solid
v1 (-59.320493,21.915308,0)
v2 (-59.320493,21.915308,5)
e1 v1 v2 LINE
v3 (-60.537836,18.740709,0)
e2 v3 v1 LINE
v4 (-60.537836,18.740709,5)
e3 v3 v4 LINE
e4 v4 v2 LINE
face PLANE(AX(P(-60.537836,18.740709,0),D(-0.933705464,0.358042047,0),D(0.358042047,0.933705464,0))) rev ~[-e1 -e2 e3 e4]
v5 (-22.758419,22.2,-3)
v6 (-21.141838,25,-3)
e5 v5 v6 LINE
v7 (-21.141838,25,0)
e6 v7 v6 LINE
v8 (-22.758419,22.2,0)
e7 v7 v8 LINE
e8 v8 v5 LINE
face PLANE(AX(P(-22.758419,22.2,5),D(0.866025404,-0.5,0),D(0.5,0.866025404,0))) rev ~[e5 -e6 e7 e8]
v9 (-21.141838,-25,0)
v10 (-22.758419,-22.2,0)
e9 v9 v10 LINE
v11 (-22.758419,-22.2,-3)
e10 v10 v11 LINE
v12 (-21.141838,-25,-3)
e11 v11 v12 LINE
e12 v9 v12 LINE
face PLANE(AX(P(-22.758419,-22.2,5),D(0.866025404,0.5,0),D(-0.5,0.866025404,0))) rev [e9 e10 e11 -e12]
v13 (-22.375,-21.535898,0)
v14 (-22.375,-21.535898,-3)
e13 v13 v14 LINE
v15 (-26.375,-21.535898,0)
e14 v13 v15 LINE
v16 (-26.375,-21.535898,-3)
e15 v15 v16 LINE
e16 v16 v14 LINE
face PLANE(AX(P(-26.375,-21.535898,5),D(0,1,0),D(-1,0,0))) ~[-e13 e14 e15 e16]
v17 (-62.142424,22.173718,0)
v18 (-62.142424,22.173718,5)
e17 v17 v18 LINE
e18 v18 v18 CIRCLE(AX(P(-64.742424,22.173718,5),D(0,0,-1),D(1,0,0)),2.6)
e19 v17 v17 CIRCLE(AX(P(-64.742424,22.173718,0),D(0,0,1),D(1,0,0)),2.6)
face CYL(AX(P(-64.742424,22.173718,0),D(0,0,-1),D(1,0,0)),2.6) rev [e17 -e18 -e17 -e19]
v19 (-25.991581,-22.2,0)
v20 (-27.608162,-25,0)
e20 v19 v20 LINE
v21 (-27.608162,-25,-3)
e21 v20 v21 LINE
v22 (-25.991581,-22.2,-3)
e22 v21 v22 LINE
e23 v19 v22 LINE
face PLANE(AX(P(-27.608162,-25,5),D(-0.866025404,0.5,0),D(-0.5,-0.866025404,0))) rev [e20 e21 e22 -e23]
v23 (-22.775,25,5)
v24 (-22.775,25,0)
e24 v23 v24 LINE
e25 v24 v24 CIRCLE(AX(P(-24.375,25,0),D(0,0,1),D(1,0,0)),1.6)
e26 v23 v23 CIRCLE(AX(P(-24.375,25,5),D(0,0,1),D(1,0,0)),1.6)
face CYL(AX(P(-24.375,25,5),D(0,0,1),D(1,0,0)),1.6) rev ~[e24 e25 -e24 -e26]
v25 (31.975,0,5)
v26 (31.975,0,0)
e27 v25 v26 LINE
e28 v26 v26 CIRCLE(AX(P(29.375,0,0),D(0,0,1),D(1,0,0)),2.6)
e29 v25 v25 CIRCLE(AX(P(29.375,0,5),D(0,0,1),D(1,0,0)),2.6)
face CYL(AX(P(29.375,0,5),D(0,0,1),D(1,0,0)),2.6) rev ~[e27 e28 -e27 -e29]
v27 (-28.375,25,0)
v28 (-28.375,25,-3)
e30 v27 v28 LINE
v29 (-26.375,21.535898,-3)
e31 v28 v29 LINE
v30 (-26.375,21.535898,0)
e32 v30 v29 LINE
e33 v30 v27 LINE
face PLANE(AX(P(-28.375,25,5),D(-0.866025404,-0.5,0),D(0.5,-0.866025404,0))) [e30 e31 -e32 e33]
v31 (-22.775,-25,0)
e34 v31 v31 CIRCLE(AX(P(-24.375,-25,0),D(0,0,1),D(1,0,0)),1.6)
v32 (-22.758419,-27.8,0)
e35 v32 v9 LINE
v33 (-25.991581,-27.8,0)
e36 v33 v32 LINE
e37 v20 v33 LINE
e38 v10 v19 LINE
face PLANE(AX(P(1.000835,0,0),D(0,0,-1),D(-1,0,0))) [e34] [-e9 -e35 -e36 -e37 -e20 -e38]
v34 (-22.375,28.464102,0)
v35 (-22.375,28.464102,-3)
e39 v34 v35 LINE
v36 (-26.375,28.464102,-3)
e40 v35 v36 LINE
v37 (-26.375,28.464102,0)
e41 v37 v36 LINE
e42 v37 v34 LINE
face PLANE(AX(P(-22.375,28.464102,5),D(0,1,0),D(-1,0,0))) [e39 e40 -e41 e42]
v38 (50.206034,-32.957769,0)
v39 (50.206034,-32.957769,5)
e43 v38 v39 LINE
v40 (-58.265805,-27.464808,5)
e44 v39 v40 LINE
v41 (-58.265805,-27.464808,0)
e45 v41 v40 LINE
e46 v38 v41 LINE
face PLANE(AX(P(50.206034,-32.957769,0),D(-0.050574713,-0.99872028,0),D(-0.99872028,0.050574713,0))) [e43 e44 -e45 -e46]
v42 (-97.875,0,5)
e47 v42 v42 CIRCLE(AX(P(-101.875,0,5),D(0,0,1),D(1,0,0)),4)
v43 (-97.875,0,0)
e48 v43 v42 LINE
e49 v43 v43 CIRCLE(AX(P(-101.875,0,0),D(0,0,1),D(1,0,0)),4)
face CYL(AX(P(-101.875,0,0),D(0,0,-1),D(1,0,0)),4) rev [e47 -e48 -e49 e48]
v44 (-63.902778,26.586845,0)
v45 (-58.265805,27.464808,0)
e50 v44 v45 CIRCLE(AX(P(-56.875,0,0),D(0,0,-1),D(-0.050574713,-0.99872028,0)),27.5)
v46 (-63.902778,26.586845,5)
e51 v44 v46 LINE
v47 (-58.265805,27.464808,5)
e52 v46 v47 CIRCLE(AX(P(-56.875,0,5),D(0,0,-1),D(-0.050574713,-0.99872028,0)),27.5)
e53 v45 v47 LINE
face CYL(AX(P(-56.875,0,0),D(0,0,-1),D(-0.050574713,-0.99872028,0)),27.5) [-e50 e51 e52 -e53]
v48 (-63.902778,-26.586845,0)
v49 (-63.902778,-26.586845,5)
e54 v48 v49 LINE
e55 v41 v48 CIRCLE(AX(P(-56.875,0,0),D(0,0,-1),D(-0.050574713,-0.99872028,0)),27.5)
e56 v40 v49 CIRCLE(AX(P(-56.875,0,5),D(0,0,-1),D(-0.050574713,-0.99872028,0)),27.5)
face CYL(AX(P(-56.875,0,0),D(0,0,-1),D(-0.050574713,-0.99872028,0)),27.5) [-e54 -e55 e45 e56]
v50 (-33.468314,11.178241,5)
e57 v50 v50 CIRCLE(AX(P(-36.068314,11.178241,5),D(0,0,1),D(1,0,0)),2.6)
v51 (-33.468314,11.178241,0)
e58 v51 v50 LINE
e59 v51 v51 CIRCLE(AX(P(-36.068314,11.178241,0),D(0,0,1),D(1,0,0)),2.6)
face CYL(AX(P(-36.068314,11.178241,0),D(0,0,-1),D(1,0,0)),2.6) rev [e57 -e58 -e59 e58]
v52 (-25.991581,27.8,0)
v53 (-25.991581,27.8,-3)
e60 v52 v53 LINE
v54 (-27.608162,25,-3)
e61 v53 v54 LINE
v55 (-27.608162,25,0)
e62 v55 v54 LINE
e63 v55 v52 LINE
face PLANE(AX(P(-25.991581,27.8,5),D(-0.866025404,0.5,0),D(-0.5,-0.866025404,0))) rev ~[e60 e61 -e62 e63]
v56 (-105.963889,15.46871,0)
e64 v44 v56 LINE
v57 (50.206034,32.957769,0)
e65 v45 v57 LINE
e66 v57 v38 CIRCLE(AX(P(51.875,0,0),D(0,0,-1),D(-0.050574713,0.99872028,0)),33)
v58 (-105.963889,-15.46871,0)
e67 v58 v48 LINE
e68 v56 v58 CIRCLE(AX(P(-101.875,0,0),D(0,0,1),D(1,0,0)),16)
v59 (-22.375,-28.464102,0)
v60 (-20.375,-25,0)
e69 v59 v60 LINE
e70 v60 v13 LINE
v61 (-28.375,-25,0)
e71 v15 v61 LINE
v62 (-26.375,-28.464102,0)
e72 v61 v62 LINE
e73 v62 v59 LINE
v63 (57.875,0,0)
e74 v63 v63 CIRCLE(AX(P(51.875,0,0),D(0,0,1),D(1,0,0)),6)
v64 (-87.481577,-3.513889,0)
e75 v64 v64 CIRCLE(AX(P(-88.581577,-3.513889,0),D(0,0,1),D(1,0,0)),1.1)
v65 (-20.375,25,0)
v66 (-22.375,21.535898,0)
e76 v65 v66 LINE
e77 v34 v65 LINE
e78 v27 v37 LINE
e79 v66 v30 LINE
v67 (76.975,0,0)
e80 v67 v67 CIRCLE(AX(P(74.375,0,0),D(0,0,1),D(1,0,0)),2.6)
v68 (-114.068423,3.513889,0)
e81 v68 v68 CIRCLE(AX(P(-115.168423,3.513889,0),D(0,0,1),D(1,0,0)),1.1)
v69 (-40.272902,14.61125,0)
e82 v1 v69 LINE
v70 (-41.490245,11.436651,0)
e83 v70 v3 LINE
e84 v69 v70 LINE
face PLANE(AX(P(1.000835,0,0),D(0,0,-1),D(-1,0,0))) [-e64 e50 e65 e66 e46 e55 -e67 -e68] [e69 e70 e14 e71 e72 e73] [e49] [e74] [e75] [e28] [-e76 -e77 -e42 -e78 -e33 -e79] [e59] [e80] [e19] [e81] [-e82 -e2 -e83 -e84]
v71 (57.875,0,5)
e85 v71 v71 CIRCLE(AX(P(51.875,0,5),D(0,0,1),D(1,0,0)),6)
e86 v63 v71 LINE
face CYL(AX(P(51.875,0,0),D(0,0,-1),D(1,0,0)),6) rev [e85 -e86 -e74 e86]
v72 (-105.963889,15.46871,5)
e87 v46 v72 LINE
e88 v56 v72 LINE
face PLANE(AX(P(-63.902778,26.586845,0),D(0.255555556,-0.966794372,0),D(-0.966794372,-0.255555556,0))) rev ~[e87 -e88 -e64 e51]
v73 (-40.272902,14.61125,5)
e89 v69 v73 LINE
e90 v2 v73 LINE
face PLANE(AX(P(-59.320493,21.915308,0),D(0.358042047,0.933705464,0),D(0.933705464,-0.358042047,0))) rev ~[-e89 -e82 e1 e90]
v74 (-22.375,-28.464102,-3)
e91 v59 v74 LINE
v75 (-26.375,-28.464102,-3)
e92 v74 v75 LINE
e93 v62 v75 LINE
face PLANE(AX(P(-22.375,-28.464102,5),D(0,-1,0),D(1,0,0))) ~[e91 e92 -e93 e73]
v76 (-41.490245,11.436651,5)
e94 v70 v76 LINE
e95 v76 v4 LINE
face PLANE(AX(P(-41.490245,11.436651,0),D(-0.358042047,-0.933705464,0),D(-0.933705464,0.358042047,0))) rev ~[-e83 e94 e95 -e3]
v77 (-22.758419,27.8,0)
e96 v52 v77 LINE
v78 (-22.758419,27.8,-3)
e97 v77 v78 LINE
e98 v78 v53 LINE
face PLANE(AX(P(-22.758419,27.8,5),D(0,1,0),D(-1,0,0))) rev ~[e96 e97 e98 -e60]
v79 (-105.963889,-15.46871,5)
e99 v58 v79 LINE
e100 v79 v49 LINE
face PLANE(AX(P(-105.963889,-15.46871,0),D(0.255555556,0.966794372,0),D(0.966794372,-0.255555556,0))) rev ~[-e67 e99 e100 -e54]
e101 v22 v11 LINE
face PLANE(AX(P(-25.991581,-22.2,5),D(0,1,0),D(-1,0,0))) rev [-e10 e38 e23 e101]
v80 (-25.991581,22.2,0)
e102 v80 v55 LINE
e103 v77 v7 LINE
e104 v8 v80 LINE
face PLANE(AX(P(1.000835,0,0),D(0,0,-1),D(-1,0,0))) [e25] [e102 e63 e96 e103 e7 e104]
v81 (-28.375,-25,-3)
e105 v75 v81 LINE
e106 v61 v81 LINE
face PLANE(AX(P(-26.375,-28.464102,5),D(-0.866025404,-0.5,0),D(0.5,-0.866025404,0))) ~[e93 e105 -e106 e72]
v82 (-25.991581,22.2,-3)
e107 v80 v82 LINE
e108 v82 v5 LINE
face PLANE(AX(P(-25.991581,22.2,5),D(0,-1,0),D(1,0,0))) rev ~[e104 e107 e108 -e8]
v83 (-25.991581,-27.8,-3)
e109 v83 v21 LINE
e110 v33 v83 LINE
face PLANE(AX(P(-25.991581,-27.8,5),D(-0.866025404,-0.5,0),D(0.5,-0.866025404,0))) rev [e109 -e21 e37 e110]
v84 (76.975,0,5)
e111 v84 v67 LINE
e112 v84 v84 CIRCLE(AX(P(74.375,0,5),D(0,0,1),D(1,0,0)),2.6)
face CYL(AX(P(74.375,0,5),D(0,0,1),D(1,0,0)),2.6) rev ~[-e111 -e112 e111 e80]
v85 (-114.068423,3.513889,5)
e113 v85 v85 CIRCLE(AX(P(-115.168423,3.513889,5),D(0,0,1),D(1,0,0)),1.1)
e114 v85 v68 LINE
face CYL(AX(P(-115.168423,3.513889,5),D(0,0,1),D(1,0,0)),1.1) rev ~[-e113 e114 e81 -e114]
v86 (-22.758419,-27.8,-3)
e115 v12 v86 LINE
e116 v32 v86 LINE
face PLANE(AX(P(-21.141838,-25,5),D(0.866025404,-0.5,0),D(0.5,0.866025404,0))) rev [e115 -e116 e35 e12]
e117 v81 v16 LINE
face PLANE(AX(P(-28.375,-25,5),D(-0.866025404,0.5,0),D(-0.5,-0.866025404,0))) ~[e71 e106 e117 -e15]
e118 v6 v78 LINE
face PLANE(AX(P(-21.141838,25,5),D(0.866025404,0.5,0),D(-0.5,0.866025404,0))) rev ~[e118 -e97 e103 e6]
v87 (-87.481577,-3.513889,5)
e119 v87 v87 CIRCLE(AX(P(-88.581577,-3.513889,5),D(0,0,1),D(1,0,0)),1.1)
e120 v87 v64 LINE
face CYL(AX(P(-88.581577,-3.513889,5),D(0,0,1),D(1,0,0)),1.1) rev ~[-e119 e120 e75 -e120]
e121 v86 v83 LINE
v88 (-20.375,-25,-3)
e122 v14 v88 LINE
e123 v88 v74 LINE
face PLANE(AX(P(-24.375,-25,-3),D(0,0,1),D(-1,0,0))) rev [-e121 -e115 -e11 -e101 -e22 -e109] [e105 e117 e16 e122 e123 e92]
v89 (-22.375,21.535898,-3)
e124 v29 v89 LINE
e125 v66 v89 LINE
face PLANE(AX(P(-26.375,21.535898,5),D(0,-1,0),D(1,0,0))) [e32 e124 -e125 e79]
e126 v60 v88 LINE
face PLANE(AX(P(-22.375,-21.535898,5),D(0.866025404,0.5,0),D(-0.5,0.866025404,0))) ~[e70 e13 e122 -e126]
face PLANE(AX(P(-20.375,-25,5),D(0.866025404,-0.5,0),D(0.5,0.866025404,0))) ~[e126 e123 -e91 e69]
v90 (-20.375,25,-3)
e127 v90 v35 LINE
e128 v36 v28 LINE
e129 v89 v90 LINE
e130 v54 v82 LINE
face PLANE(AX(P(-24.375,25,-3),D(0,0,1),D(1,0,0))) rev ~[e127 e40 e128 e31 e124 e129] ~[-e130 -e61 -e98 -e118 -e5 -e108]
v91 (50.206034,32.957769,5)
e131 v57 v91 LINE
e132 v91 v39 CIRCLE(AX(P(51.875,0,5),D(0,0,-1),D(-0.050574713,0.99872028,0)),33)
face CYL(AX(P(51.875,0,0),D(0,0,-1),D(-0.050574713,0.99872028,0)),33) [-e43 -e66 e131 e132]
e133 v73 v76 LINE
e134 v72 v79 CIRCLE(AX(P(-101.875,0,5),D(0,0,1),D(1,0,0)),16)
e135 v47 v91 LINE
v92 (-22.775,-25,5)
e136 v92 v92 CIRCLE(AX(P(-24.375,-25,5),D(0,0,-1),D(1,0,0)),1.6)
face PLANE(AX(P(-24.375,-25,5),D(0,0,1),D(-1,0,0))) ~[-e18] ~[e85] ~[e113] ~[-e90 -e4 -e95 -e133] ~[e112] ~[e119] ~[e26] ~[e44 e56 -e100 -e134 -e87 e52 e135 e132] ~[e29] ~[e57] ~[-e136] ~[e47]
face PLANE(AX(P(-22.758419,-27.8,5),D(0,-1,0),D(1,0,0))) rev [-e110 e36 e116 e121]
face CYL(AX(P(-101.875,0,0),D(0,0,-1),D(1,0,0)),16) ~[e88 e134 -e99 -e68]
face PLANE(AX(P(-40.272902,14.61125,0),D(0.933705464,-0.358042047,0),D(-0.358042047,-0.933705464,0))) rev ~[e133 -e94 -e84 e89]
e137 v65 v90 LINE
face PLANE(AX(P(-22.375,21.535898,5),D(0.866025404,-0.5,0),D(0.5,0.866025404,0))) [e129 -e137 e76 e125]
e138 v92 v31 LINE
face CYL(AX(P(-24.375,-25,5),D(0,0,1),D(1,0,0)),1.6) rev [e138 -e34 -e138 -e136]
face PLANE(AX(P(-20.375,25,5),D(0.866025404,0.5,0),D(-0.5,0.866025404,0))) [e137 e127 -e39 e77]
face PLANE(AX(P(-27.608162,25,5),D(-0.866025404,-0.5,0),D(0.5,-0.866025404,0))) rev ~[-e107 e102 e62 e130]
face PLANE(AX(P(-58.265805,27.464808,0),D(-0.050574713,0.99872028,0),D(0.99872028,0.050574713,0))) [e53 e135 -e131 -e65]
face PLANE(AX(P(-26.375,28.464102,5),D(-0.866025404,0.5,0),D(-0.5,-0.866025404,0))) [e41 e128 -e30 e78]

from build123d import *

# Parameters (mm, degrees)
SKETCH1_R           = 16
SKETCH1_R_2         = 4
SKETCH1_R_3         = 6
BOSS_EXTRUDE1_DEPTH = 5
SKETCH7_R           = 2.6
CUT_EXTRUDE1_DEPTH  = 7
BOSS_EXTRUDE6_DEPTH = 8
SKETCH9_R           = 1.6
CUT_EXTRUDE2_DEPTH  = 6
SKETCH10_R          = 2.6
BOSS_EXTRUDE7_DEPTH = 5
CUT_EXTRUDE4_START  = -10
SKETCH12_R          = 2.6
CUT_EXTRUDE4_DEPTH  = 10
SKETCH11_R          = 1.1
CUT_EXTRUDE3_DEPTH  = 6


with BuildPart() as part:
    # Sketch1 → Boss-Extrude1 (new body)
    # profile 1 of 3: a face of its own
    with BuildSketch(Plane.XY):
        with BuildLine():
            ThreePointArc((-63.902777778, -26.586845234), (-84.375, 0), (-63.902777778, 26.586845234))
            Line((-63.902777778, 26.586845234), (-105.963888889, 15.468709954))
            ThreePointArc((-105.963888889, 15.468709954), (-92.113397217, 12.677188612), (-85.875, 0))
            ThreePointArc((-85.875, 0), (-92.113397217, -12.677188612), (-105.963888889, -15.468709954))
            Line((-105.963888889, -15.468709954), (-63.902777778, -26.586845234))
        make_face()
    # profile 2 of 3: a face of its own
    with BuildSketch(Plane.XY):
        with Locations((-101.875, 0)):
            Circle(SKETCH1_R)
        with Locations((-101.875, 0)):
            Circle(SKETCH1_R_2, mode=Mode.SUBTRACT)
    # profile 3 of 3: a face of its own
    with BuildSketch(Plane.XY):
        with BuildLine():
            Line((-58.265804598, 27.46480771), (50.206034483, 32.957769253))
            ThreePointArc((50.206034483, 32.957769253), (84.875, 0), (50.206034483, -32.957769253))
            Line((50.206034483, -32.957769253), (-58.265804598, -27.46480771))
            ThreePointArc((-58.265804598, -27.46480771), (-84.375, 0), (-58.265804598, 27.46480771))
        make_face()
        with Locations((51.875, 0)):
            Circle(SKETCH1_R_3, mode=Mode.SUBTRACT)
    extrude(amount=BOSS_EXTRUDE1_DEPTH)

    # Sketch7 → Cut-Extrude1 (cut)
    with BuildSketch(Plane.XY.offset(5)):
        with Locations((29.375, 0)):
            Circle(SKETCH7_R)
        with Locations((74.375, 0)):
            Circle(SKETCH7_R)
    extrude(amount=-CUT_EXTRUDE1_DEPTH, mode=Mode.SUBTRACT)

    # Sketch8 → Boss-Extrude6 (add)
    with BuildSketch(Plane.XY.offset(5)):
        Polygon((-26.375, 28.464101615), (-28.375, 25), (-26.375, 21.535898385), (-22.375, 21.535898385), (-20.375, 25), (-22.375, 28.464101615), align=None)
        Polygon((-25.991580754, 27.8), (-27.608161507, 25), (-25.991580754, 22.2), (-22.758419246, 22.2), (-21.141838493, 25), (-22.758419246, 27.8), align=None, mode=Mode.SUBTRACT)
    boss_extrude6 = extrude(amount=-BOSS_EXTRUDE6_DEPTH)

    # Sketch9 → Cut-Extrude2 (cut)
    with BuildSketch(Plane.XY.offset(5)):
        with Locations((-24.375, 25)):
            Circle(SKETCH9_R)
    cut_extrude2 = extrude(amount=-CUT_EXTRUDE2_DEPTH, mode=Mode.SUBTRACT)

    # Mirror1: Boss-Extrude6 across plane
    add(boss_extrude6.mirror(Plane.ZX))

    # Mirror2: Cut-Extrude2 across plane
    add(cut_extrude2.mirror(Plane.ZX), mode=Mode.SUBTRACT)

    # Sketch10 → Boss-Extrude7 (add)
    with BuildSketch(Plane.XY.offset(5)):
        with Locations((-36.06831441, 11.178241177)):
            Circle(SKETCH10_R)
        with Locations(Location((-64.742423683, 22.173717984, 0), (0, 0, 180))):
            Circle(SKETCH10_R)
        Polygon((-41.60537748, 11.695000918), (-60.279486753, 18.855841852), (-59.205360613, 21.656958243), (-40.53125134, 14.496117309), align=None)
    extrude(amount=BOSS_EXTRUDE7_DEPTH)

    # Sketch12 → Cut-Extrude4 (cut)
    with BuildSketch(Plane.XY.offset(10).offset(CUT_EXTRUDE4_START)):
        with Locations((-36.06831441, 11.178241177)):
            Circle(SKETCH12_R)
        with Locations((-64.742423683, 22.173717984)):
            Circle(SKETCH12_R)
        Polygon((-59.320493296, 21.915307745), (-40.272901838, 14.611249993), (-41.490244797, 11.436651416), (-60.537836255, 18.740709168), align=None)
    extrude(amount=CUT_EXTRUDE4_DEPTH, mode=Mode.SUBTRACT)

    # Sketch11 → Cut-Extrude3 (cut)
    with BuildSketch(Plane.XY.offset(5)):
        with Locations((-88.581577383, -3.513888889)):
            Circle(SKETCH11_R)
        with Locations((-115.168422617, 3.513888889)):
            Circle(SKETCH11_R)
    extrude(amount=-CUT_EXTRUDE3_DEPTH, mode=Mode.SUBTRACT)


solid = part.part
